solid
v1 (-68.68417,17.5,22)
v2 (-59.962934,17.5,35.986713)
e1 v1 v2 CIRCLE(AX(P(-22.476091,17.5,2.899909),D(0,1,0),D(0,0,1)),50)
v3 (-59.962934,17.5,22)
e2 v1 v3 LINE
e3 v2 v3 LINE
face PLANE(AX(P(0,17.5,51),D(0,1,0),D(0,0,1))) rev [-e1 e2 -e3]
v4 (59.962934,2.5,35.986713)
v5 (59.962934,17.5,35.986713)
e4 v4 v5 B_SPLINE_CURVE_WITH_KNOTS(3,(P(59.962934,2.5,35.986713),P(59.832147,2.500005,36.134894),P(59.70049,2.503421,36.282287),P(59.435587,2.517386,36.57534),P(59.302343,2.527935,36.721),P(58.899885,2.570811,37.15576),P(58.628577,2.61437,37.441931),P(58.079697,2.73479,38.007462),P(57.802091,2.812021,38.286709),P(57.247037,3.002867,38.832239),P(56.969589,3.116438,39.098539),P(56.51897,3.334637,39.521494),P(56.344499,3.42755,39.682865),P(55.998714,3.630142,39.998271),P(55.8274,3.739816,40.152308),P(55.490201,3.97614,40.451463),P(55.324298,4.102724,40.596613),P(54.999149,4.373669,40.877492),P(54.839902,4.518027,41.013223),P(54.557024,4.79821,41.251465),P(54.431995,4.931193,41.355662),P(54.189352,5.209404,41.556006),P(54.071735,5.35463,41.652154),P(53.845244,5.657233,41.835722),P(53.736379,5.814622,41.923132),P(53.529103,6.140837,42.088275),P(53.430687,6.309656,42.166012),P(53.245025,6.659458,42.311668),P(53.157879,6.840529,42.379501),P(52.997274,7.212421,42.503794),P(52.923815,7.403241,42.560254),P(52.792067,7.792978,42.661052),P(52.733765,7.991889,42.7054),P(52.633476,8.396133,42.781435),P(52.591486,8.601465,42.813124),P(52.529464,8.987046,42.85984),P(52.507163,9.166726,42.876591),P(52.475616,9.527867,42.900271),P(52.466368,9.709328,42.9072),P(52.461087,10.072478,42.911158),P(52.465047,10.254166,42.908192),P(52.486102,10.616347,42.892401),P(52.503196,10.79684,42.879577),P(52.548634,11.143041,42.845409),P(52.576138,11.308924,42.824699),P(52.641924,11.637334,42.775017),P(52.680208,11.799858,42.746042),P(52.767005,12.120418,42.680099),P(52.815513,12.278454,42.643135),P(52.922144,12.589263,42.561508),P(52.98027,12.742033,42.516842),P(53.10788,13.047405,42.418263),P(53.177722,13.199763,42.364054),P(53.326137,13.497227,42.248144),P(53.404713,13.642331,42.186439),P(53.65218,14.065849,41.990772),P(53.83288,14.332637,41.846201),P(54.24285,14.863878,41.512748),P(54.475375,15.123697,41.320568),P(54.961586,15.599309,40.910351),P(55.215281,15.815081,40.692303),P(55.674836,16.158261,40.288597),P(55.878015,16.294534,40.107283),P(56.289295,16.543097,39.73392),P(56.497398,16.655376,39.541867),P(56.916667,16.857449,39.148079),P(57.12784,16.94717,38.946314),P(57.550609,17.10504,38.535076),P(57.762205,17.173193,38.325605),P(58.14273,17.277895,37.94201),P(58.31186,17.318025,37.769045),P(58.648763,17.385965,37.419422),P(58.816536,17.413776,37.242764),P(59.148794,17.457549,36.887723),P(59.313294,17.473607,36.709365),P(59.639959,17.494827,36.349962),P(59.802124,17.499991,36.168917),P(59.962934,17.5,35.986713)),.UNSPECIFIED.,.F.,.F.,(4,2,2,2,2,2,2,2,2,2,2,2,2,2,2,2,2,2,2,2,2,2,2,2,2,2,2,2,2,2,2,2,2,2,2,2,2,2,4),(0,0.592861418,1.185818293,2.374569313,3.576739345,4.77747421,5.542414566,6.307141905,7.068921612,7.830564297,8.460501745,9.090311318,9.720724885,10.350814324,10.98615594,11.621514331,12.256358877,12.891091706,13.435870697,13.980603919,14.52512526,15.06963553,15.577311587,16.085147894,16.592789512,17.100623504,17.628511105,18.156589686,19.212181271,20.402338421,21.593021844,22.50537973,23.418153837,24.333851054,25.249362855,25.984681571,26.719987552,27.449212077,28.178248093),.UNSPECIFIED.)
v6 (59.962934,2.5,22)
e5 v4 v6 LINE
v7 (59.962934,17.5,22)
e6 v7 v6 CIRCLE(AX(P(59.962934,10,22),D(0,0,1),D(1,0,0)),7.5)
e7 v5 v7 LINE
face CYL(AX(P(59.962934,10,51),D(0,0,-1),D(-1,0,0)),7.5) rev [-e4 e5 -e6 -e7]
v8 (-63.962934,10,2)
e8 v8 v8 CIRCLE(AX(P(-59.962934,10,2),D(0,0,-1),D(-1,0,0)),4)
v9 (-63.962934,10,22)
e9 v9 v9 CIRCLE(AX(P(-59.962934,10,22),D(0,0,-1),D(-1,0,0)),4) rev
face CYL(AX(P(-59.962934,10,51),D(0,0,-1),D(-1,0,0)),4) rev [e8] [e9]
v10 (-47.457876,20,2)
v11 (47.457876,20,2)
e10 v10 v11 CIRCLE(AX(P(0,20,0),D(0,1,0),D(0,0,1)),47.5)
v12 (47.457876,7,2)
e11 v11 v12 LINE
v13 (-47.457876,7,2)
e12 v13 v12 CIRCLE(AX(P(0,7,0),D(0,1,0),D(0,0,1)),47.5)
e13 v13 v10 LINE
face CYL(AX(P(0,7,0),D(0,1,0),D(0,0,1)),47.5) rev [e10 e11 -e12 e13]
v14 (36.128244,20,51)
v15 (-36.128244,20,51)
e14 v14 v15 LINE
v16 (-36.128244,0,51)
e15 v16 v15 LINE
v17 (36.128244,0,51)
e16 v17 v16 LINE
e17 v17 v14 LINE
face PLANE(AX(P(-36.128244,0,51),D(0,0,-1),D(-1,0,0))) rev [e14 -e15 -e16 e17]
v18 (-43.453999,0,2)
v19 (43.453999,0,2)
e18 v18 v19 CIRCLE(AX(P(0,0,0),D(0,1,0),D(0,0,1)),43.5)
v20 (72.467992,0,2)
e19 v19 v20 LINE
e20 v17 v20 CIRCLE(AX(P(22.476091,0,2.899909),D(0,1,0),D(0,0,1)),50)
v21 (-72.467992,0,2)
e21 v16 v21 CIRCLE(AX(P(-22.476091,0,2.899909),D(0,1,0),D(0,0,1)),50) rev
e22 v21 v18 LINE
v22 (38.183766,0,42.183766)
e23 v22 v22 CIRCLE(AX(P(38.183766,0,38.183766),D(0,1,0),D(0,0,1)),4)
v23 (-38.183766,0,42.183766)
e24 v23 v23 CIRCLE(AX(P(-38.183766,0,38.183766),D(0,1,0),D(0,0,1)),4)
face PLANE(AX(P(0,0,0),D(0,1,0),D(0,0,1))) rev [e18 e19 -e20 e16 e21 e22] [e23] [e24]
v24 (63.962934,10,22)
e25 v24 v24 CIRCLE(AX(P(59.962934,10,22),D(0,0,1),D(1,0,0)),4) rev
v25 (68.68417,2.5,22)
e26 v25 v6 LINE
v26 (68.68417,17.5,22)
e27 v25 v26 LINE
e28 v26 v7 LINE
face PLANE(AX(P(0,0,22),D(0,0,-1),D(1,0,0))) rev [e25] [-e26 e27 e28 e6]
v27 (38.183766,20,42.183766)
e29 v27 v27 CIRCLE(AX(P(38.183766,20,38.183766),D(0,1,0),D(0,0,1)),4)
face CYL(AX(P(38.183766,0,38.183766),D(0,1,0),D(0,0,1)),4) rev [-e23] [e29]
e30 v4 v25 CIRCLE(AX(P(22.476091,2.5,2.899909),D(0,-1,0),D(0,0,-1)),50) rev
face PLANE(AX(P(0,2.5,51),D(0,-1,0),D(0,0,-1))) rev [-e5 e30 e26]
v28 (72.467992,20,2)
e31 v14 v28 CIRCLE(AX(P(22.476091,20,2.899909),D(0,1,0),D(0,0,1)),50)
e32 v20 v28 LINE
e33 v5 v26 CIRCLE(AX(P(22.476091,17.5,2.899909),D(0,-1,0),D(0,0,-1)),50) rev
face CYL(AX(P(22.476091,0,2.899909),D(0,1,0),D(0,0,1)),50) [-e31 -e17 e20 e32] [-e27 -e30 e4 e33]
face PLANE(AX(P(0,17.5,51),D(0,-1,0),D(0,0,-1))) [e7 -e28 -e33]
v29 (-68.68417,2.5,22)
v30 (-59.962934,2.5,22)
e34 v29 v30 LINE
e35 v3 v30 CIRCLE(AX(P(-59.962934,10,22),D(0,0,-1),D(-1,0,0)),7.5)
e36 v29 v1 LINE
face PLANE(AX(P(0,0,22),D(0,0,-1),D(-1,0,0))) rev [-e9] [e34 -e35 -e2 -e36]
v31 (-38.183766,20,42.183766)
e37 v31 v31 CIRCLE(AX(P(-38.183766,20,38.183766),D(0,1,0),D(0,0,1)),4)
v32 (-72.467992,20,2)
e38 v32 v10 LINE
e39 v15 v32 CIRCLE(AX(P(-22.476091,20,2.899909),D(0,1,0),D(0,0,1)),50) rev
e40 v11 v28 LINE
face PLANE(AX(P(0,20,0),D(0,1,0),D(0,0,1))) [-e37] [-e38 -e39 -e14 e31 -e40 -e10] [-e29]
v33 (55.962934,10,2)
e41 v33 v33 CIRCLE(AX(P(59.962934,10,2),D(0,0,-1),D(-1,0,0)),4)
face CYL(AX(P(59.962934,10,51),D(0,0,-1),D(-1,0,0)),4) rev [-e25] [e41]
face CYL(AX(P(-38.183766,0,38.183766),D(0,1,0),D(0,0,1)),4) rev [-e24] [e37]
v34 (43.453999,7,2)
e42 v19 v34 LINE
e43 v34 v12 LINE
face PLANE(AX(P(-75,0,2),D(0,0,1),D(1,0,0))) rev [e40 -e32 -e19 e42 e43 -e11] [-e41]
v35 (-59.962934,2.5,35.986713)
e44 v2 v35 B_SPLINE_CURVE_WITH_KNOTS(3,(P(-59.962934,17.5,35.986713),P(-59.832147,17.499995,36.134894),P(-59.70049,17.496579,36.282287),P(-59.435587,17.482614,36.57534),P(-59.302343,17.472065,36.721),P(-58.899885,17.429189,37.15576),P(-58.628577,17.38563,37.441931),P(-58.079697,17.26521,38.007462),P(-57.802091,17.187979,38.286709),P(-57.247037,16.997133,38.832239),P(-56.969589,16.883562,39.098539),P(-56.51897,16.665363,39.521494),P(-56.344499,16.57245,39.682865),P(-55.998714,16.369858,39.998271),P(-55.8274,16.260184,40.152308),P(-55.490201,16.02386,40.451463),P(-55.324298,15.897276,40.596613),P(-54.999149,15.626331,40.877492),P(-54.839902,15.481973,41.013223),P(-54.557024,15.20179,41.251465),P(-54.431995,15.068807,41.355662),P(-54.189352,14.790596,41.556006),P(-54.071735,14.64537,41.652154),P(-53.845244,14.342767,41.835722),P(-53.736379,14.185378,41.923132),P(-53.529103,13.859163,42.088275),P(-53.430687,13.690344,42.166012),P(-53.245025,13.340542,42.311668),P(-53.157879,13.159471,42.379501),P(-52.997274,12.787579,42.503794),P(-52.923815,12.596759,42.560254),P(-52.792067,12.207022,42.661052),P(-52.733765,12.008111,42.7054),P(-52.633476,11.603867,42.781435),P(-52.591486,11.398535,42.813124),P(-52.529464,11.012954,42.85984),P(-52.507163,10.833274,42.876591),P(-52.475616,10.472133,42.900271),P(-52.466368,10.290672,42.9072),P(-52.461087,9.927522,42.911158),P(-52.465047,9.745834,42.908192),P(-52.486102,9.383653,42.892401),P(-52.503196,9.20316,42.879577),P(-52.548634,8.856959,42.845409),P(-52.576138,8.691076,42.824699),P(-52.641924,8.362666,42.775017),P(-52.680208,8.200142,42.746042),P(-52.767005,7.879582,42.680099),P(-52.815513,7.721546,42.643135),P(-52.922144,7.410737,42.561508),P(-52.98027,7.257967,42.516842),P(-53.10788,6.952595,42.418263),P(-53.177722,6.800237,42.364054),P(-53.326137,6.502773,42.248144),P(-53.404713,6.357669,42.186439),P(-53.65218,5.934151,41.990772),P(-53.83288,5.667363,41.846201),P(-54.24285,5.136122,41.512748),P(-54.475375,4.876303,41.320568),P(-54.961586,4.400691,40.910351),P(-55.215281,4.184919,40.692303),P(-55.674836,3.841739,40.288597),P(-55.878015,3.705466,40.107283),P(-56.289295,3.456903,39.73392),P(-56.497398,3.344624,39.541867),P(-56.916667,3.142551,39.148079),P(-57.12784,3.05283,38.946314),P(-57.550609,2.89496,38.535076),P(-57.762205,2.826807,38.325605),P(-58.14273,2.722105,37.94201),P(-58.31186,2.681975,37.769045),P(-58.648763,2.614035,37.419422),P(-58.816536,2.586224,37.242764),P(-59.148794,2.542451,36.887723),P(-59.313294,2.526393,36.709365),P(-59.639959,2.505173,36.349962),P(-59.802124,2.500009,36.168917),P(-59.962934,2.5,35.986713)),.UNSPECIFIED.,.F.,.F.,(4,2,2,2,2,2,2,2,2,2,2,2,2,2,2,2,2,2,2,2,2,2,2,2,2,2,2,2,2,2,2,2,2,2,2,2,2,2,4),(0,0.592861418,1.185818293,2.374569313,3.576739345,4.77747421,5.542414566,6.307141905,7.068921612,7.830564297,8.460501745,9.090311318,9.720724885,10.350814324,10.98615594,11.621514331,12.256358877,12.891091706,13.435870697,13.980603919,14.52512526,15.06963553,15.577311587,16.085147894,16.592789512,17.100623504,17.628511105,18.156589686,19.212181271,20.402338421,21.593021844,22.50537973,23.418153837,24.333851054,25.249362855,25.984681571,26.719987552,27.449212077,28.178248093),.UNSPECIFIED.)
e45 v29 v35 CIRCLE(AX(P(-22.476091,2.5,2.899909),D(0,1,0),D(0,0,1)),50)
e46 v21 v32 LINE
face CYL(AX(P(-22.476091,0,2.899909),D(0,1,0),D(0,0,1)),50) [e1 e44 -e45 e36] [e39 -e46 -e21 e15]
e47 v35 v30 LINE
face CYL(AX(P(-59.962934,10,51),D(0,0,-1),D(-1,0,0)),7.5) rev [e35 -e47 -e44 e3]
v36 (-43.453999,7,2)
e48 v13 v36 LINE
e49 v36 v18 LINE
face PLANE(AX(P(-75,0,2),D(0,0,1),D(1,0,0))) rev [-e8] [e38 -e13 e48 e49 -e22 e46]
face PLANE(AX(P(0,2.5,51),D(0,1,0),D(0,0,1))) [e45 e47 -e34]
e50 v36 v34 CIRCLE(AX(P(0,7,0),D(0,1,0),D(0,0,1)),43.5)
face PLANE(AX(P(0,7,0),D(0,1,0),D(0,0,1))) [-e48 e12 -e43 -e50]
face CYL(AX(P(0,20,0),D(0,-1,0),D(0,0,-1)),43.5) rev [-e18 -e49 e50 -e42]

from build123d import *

# Parameters (mm, degrees)
SKETCH1_R           = 62.5
SKETCH1_R_2         = 43.5
BOSS_EXTRUDE1_DEPTH = 20
SKETCH2_R           = 47.5
CUT_EXTRUDE1_DEPTH  = 13
SKETCH3_R           = 4
CUT_EXTRUDE2_DEPTH  = 91.622844802
SKETCH4_W           = 150
SKETCH4_H           = 64.5
SKETCH4_W_2         = 72.256487598
SKETCH4_H_2         = 11.5
CUT_EXTRUDE3_DEPTH  = 91.622844802
BOSS_EXTRUDE4_DEPTH = 20
SKETCH7_R           = 4
CUT_EXTRUDE4_DEPTH  = 90.742875716
SKETCH8_R           = 4
CUT_EXTRUDE5_DEPTH  = 90.742875874
CUT_EXTRUDE6_START  = -20
SKETCH12_W          = 2.494942127
SKETCH12_H          = 15
SKETCH12_R          = 7.5
SKETCH12_R_2        = 4
CUT_EXTRUDE6_DEPTH  = 70.742875874


with BuildPart() as part:
    # Sketch1 → Boss-Extrude1 (new body)
    with BuildSketch(Plane(origin=(0, 0, 0), x_dir=(1, 0, 0), z_dir=(0, 1, 0))):
        with Locations(Location((0, 0, 0), (0, 0, 270))):
            Circle(SKETCH1_R)
        with Locations(Location((0, 0, 0), (0, 0, 270))):
            Circle(SKETCH1_R_2, mode=Mode.SUBTRACT)
    extrude(amount=BOSS_EXTRUDE1_DEPTH)

    # Sketch2 → Cut-Extrude1 (cut)
    with BuildSketch(Plane(origin=(0, 20, 0), x_dir=(1, 0, 0), z_dir=(0, 1, 0))):
        with Locations(Location((0, 0, 0), (0, 0, 270))):
            Circle(SKETCH2_R)
    extrude(amount=-CUT_EXTRUDE1_DEPTH, mode=Mode.SUBTRACT)

    # Sketch3 → Cut-Extrude2 (cut, through all)
    with BuildSketch(Plane(origin=(0, 20, 0), x_dir=(1, 0, 0), z_dir=(0, 1, 0))):
        with Locations(Location((38.183766184, 38.183766184, 0), (0, 0, 270))):
            Circle(SKETCH3_R)
        with Locations(Location((38.183766184, -38.183766184, 0), (0, 0, 270))):
            Circle(SKETCH3_R)
        with Locations(Location((-38.183766184, -38.183766184, 0), (0, 0, 270))):
            Circle(SKETCH3_R)
        with Locations(Location((-38.183766184, 38.183766184, 0), (0, 0, 270))):
            Circle(SKETCH3_R)
    extrude(amount=-CUT_EXTRUDE2_DEPTH, mode=Mode.SUBTRACT)

    # Sketch4 → Cut-Extrude3 (cut, through all)
    with BuildSketch(Plane(origin=(0, 20, 0), x_dir=(1, 0, 0), z_dir=(0, 1, 0))):
        with Locations((0, 30.25)):
            Rectangle(SKETCH4_W, SKETCH4_H)
        with Locations((0, -56.75)):
            Rectangle(SKETCH4_W_2, SKETCH4_H_2)
    extrude(amount=-CUT_EXTRUDE3_DEPTH, mode=Mode.SUBTRACT)

    # Sketch6 → Boss-Extrude4 (add, through all)
    with BuildSketch(Plane(origin=(0, 20, 0), x_dir=(1, 0, 0), z_dir=(0, 1, 0))):
        with BuildLine():
            Line((-62.467991804, -2), (-72.467991804, -2))
            ThreePointArc((-72.467991804, -2), (-62.636910051, -32.684277735), (-36.128243799, -51))
            ThreePointArc((-36.128243799, -51), (-55.050471558, -29.592154049), (-62.467991804, -2))
        make_face()
        with BuildLine():
            ThreePointArc((62.467991804, -2), (55.050471558, -29.592154049), (36.128243799, -51))
            ThreePointArc((36.128243799, -51), (62.636910051, -32.684277735), (72.467991804, -2))
            Line((72.467991804, -2), (62.467991804, -2))
        make_face()
    extrude(amount=-BOSS_EXTRUDE4_DEPTH)

    # Sketch7 → Cut-Extrude4 (cut, through all)
    with BuildSketch(Plane(origin=(0, 0, 2), x_dir=(-1, 0, 0), z_dir=(0, 0, -1))):
        with Locations((-59.962933931, 10)):
            Circle(SKETCH7_R)
    extrude(amount=-CUT_EXTRUDE4_DEPTH, mode=Mode.SUBTRACT)

    # Sketch8 → Cut-Extrude5 (cut, through all)
    with BuildSketch(Plane(origin=(0, 0, 2), x_dir=(-1, 0, 0), z_dir=(0, 0, -1))):
        with Locations((59.962933931, 10)):
            Circle(SKETCH8_R)
    extrude(amount=-CUT_EXTRUDE5_DEPTH, mode=Mode.SUBTRACT)

    # Sketch12 → Cut-Extrude6 (cut, through all)
    # profile 1 of 3: a face of its own
    with BuildSketch(Plane(origin=(0, 0, 2), x_dir=(-1, 0, 0), z_dir=(0, 0, -1)).offset(CUT_EXTRUDE6_START)):
        with Locations((73.715462868, 10)):
            Rectangle(SKETCH12_W, SKETCH12_H)
    # profile 2 of 3: a face of its own
    with BuildSketch(Plane(origin=(0, 0, 2), x_dir=(-1, 0, 0), z_dir=(0, 0, -1)).offset(CUT_EXTRUDE6_START)):
        with Locations((59.962933931, 10)):
            Circle(SKETCH12_R)
        with Locations((59.962933931, 10)):
            Circle(SKETCH12_R_2, mode=Mode.SUBTRACT)
    # profile 3 of 3: a face of its own
    with BuildSketch(Plane(origin=(0, 0, 2), x_dir=(-1, 0, 0), z_dir=(0, 0, -1)).offset(CUT_EXTRUDE6_START)):
        with BuildLine():
            Line((59.962933931, 2.5), (72.467991804, 2.5))
            Line((72.467991804, 2.5), (72.467991804, 17.5))
            Line((72.467991804, 17.5), (59.962933931, 17.5))
            ThreePointArc((59.962933931, 17.5), (65.26623479, 15.303300859), (67.462933931, 10))
            ThreePointArc((67.462933931, 10), (65.26623479, 4.696699141), (59.962933931, 2.5))
        make_face()
    cut_extrude6 = extrude(amount=-CUT_EXTRUDE6_DEPTH, mode=Mode.SUBTRACT)

    # Mirror1: Cut-Extrude6 across plane
    add(cut_extrude6.mirror(Plane(origin=(0, 0, 0), x_dir=(0, 0, 1), z_dir=(1, 0, 0))), mode=Mode.SUBTRACT)


solid = part.part
